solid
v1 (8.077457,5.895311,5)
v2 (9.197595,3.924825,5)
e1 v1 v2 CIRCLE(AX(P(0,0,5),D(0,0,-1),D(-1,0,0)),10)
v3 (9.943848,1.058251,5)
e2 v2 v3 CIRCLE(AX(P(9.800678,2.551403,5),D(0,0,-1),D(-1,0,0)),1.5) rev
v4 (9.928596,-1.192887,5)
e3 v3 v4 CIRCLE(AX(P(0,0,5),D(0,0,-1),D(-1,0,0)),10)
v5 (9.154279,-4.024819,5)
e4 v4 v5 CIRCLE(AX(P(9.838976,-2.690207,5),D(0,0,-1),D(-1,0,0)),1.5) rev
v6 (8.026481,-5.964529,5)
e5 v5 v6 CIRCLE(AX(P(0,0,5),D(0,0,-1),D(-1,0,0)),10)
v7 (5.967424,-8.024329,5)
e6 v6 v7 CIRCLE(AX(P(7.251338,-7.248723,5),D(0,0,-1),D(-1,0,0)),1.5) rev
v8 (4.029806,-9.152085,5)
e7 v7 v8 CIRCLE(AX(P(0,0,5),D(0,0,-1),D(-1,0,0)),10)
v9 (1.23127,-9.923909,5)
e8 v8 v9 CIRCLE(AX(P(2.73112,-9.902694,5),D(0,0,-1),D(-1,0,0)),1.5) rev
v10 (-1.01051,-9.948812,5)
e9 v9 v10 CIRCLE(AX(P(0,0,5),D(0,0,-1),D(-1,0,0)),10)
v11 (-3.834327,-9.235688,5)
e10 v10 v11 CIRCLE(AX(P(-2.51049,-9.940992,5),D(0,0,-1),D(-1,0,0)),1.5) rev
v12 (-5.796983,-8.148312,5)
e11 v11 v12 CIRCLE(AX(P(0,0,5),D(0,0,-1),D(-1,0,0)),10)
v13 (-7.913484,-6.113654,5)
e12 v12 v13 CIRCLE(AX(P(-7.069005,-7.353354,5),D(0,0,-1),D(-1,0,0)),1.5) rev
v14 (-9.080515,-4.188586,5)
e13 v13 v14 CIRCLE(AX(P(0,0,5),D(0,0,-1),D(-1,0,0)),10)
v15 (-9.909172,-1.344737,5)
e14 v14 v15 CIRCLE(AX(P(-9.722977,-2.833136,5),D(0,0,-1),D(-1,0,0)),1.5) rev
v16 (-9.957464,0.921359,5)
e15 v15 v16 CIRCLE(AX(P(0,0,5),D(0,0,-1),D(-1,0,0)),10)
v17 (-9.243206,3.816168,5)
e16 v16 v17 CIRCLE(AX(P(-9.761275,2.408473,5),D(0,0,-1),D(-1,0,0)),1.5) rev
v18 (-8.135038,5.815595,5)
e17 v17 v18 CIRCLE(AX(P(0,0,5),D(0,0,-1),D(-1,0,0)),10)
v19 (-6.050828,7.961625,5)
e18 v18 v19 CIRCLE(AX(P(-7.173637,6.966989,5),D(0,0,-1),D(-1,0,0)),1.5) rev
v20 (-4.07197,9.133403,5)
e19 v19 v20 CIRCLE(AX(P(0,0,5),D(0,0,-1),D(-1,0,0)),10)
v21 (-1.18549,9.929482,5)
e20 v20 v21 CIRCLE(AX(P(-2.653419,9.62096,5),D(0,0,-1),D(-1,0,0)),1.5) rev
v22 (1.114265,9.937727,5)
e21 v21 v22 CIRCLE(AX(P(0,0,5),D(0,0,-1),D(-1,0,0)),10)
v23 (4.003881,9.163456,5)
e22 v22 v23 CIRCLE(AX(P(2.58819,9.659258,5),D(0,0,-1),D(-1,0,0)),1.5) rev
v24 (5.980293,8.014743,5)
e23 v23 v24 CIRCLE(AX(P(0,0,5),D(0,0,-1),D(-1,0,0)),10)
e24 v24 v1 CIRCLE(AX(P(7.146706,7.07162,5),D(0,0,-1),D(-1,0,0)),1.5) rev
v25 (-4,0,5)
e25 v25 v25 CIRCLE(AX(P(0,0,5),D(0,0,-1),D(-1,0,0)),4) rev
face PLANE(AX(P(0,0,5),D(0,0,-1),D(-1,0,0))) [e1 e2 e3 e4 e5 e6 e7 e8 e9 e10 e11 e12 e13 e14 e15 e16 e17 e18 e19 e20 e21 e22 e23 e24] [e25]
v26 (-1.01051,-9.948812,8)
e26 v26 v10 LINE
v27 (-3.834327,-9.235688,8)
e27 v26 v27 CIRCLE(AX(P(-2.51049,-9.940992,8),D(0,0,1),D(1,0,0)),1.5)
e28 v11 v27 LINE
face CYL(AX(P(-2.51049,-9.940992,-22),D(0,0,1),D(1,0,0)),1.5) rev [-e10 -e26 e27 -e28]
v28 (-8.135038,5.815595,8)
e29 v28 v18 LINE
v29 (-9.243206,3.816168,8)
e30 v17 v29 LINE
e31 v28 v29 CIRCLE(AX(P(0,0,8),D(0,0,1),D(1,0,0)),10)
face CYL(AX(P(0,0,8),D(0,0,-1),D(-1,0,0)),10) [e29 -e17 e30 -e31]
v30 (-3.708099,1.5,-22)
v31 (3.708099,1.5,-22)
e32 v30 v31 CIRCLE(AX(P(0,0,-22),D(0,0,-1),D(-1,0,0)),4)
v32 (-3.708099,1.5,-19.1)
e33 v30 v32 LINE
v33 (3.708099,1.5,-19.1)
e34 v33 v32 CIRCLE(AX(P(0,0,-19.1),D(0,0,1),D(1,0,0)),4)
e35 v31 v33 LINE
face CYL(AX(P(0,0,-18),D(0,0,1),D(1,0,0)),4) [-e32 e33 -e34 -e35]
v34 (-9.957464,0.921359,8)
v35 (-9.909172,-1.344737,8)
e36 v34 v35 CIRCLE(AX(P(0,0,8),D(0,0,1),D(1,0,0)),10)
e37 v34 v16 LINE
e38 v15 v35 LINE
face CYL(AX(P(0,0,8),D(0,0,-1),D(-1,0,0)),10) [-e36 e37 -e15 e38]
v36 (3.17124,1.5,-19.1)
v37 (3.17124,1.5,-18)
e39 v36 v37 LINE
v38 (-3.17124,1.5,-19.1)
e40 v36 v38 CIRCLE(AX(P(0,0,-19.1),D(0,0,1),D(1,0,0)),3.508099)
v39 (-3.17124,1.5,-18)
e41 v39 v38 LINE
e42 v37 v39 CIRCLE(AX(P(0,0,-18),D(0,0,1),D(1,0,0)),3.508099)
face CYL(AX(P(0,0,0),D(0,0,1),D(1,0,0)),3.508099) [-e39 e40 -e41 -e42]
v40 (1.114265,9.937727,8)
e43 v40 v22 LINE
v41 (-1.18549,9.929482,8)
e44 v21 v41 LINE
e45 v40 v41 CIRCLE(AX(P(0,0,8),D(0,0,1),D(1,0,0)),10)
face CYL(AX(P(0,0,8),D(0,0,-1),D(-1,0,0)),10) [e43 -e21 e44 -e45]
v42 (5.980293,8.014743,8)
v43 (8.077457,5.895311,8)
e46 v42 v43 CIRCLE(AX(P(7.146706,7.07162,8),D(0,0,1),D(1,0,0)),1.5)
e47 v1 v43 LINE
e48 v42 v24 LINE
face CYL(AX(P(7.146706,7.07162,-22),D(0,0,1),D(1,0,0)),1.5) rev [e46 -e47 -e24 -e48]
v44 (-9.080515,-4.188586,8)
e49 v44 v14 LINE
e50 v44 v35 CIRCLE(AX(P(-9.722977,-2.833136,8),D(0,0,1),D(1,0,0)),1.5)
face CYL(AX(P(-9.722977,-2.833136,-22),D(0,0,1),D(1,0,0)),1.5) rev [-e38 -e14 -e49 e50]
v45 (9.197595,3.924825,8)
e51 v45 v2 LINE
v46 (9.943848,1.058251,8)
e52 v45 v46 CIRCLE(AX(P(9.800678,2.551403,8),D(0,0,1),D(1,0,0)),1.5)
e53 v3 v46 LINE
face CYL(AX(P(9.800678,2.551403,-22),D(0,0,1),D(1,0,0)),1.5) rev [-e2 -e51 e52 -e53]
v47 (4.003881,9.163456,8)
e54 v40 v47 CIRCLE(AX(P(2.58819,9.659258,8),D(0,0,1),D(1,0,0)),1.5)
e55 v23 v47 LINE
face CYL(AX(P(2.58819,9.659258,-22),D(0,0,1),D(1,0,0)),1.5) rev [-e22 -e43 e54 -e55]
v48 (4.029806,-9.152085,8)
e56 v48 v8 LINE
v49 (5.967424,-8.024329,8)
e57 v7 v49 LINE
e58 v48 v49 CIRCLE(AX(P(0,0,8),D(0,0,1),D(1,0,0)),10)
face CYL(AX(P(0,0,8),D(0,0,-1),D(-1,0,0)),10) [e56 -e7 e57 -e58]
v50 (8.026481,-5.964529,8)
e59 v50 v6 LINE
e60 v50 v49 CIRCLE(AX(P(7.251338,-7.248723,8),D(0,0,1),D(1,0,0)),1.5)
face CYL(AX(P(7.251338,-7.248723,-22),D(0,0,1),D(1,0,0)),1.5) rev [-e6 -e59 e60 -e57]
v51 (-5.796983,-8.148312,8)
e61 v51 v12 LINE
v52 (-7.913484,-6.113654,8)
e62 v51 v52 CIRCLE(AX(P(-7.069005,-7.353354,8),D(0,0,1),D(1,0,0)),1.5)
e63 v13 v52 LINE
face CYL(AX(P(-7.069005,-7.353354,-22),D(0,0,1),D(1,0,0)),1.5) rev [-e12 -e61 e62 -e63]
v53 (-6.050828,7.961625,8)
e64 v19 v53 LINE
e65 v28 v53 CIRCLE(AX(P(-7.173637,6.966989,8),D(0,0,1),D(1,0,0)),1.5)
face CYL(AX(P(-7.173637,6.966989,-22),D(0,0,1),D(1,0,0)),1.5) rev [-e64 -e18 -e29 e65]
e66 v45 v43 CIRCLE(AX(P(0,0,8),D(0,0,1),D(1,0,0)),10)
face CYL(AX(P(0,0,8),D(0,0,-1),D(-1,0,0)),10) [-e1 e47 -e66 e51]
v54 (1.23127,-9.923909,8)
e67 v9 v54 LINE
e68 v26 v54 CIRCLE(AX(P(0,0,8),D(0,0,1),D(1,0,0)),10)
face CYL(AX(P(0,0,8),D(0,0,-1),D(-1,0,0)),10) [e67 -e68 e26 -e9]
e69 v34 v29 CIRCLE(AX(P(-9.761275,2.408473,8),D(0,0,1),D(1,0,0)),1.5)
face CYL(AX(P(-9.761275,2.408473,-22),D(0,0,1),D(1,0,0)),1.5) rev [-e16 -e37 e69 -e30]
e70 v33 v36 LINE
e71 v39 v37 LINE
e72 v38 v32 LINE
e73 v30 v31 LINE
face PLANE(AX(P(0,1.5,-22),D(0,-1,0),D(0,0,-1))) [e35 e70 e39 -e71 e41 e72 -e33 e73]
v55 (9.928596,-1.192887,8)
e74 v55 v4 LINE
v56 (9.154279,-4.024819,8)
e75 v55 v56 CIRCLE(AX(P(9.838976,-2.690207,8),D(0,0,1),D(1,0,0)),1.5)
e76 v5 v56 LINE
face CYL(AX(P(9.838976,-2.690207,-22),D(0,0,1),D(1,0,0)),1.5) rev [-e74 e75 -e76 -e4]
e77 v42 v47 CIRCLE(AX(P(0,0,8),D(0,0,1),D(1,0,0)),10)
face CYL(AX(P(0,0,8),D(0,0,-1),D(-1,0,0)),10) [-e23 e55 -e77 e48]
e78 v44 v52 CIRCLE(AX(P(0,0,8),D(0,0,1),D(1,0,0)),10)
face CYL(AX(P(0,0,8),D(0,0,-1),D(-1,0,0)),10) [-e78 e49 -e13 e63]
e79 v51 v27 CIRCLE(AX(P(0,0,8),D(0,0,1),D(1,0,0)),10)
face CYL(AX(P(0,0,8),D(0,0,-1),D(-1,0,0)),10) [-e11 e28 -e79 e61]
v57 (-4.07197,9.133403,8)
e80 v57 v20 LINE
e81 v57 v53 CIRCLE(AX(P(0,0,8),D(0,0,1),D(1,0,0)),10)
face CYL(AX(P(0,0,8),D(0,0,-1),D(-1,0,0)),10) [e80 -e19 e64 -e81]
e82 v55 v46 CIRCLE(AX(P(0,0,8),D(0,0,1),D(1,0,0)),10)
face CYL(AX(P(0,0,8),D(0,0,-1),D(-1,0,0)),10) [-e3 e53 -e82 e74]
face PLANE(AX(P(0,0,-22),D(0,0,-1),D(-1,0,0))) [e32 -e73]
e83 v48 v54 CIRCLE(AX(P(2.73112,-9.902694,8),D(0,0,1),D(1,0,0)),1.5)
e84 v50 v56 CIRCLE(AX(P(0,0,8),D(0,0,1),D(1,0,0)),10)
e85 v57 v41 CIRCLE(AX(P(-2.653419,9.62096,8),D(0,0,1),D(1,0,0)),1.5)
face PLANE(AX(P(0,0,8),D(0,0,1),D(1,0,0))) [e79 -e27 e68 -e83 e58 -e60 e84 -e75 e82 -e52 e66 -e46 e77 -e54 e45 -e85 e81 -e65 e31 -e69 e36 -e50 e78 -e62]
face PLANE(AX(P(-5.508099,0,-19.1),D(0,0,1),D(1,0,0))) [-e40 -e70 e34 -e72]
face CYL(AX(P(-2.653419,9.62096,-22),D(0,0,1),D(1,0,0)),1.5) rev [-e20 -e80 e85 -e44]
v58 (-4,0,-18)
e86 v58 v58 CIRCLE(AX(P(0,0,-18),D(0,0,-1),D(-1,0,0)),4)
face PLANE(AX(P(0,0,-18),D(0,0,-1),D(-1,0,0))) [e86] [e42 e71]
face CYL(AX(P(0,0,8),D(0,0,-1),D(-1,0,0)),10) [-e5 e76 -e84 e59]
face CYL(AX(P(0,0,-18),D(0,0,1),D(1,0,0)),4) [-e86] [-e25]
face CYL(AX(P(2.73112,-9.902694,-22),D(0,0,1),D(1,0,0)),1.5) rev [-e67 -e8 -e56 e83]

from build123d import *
from build123d.topology import SkipClean

# Parameters (mm, degrees)
SKETCH2_R           = 10
BOSS_EXTRUDE1_DEPTH = 8
SKETCH3_R           = 4
BOSS_EXTRUDE2_DEPTH = 18
BOSS_EXTRUDE3_DEPTH = 4
SKETCH5_R           = 1.5
CUT_EXTRUDE1_DEPTH  = 34.166247904
SKETCH7_R           = 4
CUT_EXTRUDE4_DEPTH  = 5
SKETCH8_W           = 2
SKETCH8_H           = 1.1


with BuildPart() as part:
    # Sketch2 → Boss-Extrude1 (new body)
    with BuildSketch(Plane.XY):
        Circle(SKETCH2_R)
    extrude(amount=BOSS_EXTRUDE1_DEPTH)

    # Sketch3 → Boss-Extrude2 (add)
    with BuildSketch(Plane(origin=(0, 0, 0), x_dir=(-1, 0, 0), z_dir=(0, 0, -1))):
        Circle(SKETCH3_R)
    extrude(amount=BOSS_EXTRUDE2_DEPTH)

    # Sketch4 → Boss-Extrude3 (add)
    with BuildSketch(Plane(origin=(0, 0, -18), x_dir=(-1, 0, 0), z_dir=(0, 0, -1))):
        with BuildLine():
            Line((-3.708099244, 1.5), (3.708099244, 1.5))
            ThreePointArc((3.708099244, 1.5), (0, 4), (-3.708099244, 1.5))
        make_face()
    extrude(amount=BOSS_EXTRUDE3_DEPTH)

    # Sketch5 → Cut-Extrude1 (cut, through all)
    with BuildSketch(Plane.XY.offset(8)):
        with Locations((2.588190451, 9.659258263)):
            Circle(SKETCH5_R)
        with Locations((7.146706221, 7.071620464)):
            Circle(SKETCH5_R)
        with Locations((9.800677781, 2.551402509)):
            Circle(SKETCH5_R)
        with Locations((9.838975596, -2.69020685)):
            Circle(SKETCH5_R)
        with Locations((7.251337797, -7.24872262)):
            Circle(SKETCH5_R)
        with Locations((2.731119842, -9.90269418)):
            Circle(SKETCH5_R)
        with Locations((-2.510489517, -9.940991995)):
            Circle(SKETCH5_R)
        with Locations((-7.069005287, -7.353354196)):
            Circle(SKETCH5_R)
        with Locations((-9.722976847, -2.833136241)):
            Circle(SKETCH5_R)
        with Locations((-9.761274662, 2.408473118)):
            Circle(SKETCH5_R)
        with Locations((-7.173636863, 6.966988887)):
            Circle(SKETCH5_R)
        with Locations((-2.653418908, 9.620960448)):
            Circle(SKETCH5_R)
    extrude(amount=-CUT_EXTRUDE1_DEPTH, mode=Mode.SUBTRACT)

    # Sketch7 → Cut-Extrude4 (cut)
    with SkipClean():  # the faces are left unmerged after this step: merging them gives an invalid solid
        with BuildSketch(Plane(origin=(0, 0, 0), x_dir=(-1, 0, 0), z_dir=(0, 0, -1))):
            with BuildLine():
                ThreePointArc((-9.19759453, 3.924825457), (-8.349060466, 2.173504149), (-9.943847621, 1.058250676))
                ThreePointArc((-9.943847621, 1.058250676), (-9.999770505, -0.067748467), (-9.928596161, -1.192886526))
                ThreePointArc((-9.928596161, -1.192886526), (-8.392085872, -2.294593241), (-9.154279225, -4.024819483))
                ThreePointArc((-9.154279225, -4.024819483), (-8.644955004, -5.026405572), (-8.026480805, -5.964528975))
                ThreePointArc((-8.026480805, -5.964528975), (-6.190486346, -6.188253762), (-5.967423839, -8.024328802))
                ThreePointArc((-5.967423839, -8.024328802), (-5.030319112, -8.642678383), (-4.029806132, -9.152085147))
                ThreePointArc((-4.029806132, -9.152085147), (-2.332315615, -8.45668063), (-1.231269876, -9.923909234))
                ThreePointArc((-1.231269876, -9.923909234), (-0.11108008, -9.999383042), (1.010509904, -9.948812479))
                ThreePointArc((1.010509904, -9.948812479), (2.143211572, -8.486651282), (3.834327269, -9.235688084))
                ThreePointArc((3.834327269, -9.235688084), (4.846248967, -8.747220755), (5.796982612, -8.148312255))
                ThreePointArc((5.796982612, -8.148312255), (6.029458943, -6.27199237), (7.91348406, -6.113654393))
                ThreePointArc((7.91348406, -6.113654393), (8.551343346, -5.184064715), (9.080514936, -4.1885855))
                ThreePointArc((9.080514936, -4.1885855), (8.282868126, -2.413509179), (9.909171595, -1.344737264))
                ThreePointArc((9.909171595, -1.344737264), (9.997729971, -0.213062014), (9.957464452, 0.921358608))
                ThreePointArc((9.957464452, 0.921358608), (8.30494986, 2.049143086), (9.24320622, 3.816168074))
                ThreePointArc((9.24320622, 3.816168074), (8.746443519, 4.847651572), (8.135038438, 5.815595379))
                ThreePointArc((8.135038438, 5.815595379), (6.097591334, 5.921940554), (6.050828458, 7.961625146))
                ThreePointArc((6.050828458, 7.961625146), (5.095196746, 8.604590061), (4.071970326, 9.1334034))
                ThreePointArc((4.071970326, 9.1334034), (2.254614681, 8.174946897), (1.185490282, 9.929482))
                ThreePointArc((1.185490282, 9.929482), (0.035850285, 9.999935738), (-1.114265315, 9.937726742))
                ThreePointArc((-1.114265315, 9.937726742), (-2.199961883, 8.210369523), (-4.003881302, 9.163456472))
                ThreePointArc((-4.003881302, 9.163456472), (-5.025019239, 8.645760906), (-5.980292673, 8.014742638))
                ThreePointArc((-5.980292673, 8.014742638), (-6.080459662, 6.016576258), (-8.077456677, 5.895311156))
                ThreePointArc((-8.077456677, 5.895311156), (-8.693535071, 4.941907322), (-9.19759453, 3.924825457))
            make_face()
            with Locations(Location((0, 0, 0), (0, 0, 157.975687163))):
                Circle(SKETCH7_R, mode=Mode.SUBTRACT)
        extrude(amount=-CUT_EXTRUDE4_DEPTH, mode=Mode.SUBTRACT)

    # Sketch8 → Cut-Revolve2 (revolve, cut)
    with SkipClean():  # the faces are left unmerged after this step: merging them gives an invalid solid
        with BuildSketch(Plane(origin=(0, 0, 0), x_dir=(1, 0, 0), z_dir=(0, 1, 0))):
            with Locations((-4.508099244, 18.55)):
                Rectangle(SKETCH8_W, SKETCH8_H)
        revolve(axis=Axis((0, 0, 0), (0, 0, -1)), mode=Mode.SUBTRACT)


solid = part.part
